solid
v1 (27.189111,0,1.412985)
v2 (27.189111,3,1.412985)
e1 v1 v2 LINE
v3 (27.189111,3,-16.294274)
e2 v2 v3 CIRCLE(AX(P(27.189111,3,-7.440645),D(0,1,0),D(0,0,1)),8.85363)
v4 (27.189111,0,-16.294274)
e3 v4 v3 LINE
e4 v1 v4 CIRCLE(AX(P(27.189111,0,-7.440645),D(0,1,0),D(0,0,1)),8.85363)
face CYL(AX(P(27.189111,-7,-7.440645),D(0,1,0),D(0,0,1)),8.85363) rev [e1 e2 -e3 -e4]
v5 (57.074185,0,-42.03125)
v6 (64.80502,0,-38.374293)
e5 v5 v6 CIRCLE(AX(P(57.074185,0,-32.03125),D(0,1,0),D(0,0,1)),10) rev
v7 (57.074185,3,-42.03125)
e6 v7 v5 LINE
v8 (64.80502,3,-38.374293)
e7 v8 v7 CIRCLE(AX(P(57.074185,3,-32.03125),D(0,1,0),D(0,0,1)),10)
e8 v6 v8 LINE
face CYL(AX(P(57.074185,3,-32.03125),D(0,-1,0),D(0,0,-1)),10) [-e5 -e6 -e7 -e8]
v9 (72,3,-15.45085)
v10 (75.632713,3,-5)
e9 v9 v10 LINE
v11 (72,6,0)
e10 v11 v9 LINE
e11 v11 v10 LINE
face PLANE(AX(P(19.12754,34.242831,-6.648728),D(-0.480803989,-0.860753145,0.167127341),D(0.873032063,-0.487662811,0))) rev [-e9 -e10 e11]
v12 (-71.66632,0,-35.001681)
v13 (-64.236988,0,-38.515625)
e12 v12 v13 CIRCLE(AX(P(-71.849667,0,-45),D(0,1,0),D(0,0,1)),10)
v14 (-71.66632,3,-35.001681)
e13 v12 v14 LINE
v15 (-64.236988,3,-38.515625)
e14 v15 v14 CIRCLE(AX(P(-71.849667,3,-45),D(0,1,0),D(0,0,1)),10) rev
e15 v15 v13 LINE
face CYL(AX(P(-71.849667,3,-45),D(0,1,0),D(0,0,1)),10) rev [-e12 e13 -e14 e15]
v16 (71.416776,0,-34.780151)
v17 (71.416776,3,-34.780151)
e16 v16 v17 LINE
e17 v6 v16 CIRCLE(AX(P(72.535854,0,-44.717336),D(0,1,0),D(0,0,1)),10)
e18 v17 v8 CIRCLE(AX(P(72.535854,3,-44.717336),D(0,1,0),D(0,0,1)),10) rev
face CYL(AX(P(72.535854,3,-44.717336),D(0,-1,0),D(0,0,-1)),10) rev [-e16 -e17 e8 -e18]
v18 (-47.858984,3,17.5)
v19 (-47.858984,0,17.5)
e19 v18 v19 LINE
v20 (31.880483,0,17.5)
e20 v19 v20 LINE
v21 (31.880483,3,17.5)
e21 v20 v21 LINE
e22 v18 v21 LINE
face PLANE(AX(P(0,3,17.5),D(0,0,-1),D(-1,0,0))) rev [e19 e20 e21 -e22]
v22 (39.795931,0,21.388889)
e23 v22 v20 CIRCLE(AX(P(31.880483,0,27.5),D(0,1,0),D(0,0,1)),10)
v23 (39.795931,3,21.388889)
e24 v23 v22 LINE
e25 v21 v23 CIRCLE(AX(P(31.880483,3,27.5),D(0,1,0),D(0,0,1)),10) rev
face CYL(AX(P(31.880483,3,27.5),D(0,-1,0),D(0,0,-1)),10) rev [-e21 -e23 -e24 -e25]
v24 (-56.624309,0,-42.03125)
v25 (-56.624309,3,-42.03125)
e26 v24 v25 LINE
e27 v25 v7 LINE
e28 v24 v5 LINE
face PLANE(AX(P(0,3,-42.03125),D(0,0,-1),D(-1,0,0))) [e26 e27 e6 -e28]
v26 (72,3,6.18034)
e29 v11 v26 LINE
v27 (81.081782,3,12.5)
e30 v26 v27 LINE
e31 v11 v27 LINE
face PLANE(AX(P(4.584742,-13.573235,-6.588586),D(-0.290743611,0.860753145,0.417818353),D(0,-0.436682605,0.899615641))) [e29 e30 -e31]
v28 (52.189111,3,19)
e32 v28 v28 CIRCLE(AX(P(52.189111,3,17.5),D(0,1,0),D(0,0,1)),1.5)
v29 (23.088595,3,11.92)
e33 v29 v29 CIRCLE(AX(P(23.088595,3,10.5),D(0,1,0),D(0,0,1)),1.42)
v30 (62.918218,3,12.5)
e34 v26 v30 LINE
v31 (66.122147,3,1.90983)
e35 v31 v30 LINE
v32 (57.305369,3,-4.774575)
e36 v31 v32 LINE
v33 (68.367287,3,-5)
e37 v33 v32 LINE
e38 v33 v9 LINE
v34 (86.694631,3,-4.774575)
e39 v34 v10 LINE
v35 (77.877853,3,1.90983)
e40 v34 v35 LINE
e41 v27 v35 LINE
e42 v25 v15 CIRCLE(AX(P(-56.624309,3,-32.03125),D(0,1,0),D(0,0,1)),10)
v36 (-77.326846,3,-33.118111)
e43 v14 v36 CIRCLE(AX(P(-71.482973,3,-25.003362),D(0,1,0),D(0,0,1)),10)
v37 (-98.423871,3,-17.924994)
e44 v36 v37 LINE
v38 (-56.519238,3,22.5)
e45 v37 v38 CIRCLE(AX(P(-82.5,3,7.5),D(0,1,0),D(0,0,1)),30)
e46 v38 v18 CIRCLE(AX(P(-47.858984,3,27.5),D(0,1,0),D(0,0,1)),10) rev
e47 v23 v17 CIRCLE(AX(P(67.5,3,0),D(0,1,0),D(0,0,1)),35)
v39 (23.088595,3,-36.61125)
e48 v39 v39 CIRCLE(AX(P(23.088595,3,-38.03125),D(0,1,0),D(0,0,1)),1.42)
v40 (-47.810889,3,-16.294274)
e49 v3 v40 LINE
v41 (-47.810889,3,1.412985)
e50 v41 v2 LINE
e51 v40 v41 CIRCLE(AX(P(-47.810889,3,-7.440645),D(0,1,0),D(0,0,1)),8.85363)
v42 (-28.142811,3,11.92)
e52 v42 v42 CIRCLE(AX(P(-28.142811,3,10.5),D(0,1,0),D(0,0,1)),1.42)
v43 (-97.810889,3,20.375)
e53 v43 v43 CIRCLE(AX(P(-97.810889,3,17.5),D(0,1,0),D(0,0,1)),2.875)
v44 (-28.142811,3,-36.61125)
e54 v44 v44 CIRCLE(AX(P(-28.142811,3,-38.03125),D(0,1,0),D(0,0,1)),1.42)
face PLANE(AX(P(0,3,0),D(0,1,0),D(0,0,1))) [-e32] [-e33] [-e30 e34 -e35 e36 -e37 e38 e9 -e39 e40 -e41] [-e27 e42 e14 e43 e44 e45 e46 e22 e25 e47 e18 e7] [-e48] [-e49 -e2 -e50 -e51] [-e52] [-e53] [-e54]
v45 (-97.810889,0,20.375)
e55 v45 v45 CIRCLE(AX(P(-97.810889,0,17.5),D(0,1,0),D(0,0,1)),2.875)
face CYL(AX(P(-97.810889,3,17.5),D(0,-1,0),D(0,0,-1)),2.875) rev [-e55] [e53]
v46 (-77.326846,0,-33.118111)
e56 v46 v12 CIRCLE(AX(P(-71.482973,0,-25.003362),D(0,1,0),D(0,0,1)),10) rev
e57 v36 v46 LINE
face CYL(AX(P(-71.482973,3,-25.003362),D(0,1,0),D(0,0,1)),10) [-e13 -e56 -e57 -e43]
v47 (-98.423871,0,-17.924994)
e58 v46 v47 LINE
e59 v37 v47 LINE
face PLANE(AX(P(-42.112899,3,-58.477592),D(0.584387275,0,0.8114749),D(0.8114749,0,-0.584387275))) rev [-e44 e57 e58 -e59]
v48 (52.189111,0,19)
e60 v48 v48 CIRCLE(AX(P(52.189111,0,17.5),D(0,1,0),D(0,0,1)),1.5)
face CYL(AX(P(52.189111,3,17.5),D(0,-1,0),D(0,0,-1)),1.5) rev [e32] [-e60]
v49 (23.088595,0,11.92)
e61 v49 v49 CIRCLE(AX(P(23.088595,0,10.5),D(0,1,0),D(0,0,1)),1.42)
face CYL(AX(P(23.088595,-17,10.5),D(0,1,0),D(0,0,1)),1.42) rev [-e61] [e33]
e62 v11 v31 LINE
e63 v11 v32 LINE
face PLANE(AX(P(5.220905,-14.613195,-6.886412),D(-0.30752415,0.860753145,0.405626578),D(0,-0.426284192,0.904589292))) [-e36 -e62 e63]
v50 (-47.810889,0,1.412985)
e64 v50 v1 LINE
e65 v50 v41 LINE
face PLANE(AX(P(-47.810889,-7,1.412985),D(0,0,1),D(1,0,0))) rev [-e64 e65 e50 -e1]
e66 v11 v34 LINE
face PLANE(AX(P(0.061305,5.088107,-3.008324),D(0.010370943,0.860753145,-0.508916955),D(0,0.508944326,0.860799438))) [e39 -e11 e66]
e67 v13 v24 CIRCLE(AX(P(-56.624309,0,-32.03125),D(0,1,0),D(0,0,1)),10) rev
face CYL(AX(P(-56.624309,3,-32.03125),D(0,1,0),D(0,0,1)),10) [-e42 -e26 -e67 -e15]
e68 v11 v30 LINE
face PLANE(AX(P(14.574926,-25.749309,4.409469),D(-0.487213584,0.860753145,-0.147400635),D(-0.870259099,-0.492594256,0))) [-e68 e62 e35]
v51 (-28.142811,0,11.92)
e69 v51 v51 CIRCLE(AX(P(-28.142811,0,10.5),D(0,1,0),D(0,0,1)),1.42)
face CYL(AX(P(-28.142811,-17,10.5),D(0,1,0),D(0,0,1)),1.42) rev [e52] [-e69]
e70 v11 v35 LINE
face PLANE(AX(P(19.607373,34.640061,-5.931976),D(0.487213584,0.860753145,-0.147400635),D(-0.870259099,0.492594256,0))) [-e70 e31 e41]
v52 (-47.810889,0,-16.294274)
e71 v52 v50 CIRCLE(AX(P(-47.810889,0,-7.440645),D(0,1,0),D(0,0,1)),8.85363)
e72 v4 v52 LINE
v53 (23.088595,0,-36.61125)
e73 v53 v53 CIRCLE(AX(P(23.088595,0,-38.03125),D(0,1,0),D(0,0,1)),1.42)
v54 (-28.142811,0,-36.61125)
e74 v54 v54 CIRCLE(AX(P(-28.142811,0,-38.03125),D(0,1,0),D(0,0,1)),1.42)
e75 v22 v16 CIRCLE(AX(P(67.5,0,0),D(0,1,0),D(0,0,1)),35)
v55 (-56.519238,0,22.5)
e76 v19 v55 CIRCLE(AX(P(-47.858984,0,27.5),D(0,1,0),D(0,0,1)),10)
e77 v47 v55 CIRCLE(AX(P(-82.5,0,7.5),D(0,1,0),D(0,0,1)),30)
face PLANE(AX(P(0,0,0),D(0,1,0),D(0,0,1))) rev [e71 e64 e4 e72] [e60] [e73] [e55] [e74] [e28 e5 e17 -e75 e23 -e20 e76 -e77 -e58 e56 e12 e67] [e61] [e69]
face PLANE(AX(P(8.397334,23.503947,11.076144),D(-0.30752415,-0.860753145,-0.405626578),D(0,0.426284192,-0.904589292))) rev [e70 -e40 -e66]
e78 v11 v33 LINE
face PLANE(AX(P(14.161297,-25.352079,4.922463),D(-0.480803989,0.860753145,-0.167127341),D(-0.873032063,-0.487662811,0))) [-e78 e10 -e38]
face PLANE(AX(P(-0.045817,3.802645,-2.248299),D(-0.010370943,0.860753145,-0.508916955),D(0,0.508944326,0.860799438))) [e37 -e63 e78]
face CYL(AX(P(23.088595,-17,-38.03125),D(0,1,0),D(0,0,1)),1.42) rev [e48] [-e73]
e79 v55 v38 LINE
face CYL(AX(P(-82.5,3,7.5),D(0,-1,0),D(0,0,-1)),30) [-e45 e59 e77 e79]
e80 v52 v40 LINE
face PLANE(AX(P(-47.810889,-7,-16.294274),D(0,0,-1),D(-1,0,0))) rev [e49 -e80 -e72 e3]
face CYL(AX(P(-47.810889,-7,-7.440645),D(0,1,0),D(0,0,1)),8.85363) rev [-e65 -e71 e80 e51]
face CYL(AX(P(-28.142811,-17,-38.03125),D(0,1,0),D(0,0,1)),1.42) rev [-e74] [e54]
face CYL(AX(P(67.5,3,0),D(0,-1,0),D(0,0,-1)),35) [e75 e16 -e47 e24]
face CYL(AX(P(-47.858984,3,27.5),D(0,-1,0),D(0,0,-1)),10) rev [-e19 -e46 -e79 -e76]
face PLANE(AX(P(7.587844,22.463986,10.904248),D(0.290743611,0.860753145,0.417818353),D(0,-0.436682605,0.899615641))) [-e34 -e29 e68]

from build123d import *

# Parameters (mm, degrees)
SKETCH1_R           = 2.875
SKETCH1_R_2         = 1.5
BOSS_EXTRUDE1_DEPTH = 3
CUT_EXTRUDE1_DEPTH  = 10
SKETCH3_R           = 1.42
CUT_EXTRUDE2_DEPTH  = 20
FILLET3_R           = 10
FILLET5_R           = 10
FILLET6_R           = 10


with BuildPart() as part:
    # Sketch1 → Boss-Extrude1 (new body)
    with BuildSketch(Plane(origin=(0, 0, 0), x_dir=(1, 0, 0), z_dir=(0, 1, 0))):
        with BuildLine():
            Line((-61.421696796, 42.03125), (-67.039661146, 35))
            Line((-67.039661146, 35), (-74.713671979, 35))
            Line((-74.713671979, 35), (-98.423870832, 17.924994351))
            ThreePointArc((-98.423870832, 17.924994351), (-101.259728964, -30.910949772), (-54.215728753, -17.5))
            Line((-54.215728753, -17.5), (37.189110868, -17.5))
            ThreePointArc((37.189110868, -17.5), (97.810889132, -17.5), (67.5, 35))
            Line((67.5, 35), (61.88203565, 42.03125))
            Line((61.88203565, 42.03125), (-61.421696796, 42.03125))
        make_face()
        with Locations(Location((-97.810889132, -17.5, 0), (0, 0, 270))):
            Circle(SKETCH1_R, mode=Mode.SUBTRACT)
        with Locations(Location((52.189110868, -17.5, 0), (0, 0, 270))):
            Circle(SKETCH1_R_2, mode=Mode.SUBTRACT)
    extrude(amount=BOSS_EXTRUDE1_DEPTH)

    # Sketch2 → Cut-Extrude1 (cut)
    with BuildSketch(Plane(origin=(0, 3, 0), x_dir=(1, 0, 0), z_dir=(0, 1, 0))):
        with BuildLine():
            Line((-47.810889132, 16.294274109), (27.189110868, 16.294274109))
            ThreePointArc((27.189110868, 16.294274109), (36.042740422, 7.440644555), (27.189110868, -1.412984999))
            Line((27.189110868, -1.412984999), (-47.810889132, -1.412984999))
            ThreePointArc((-47.810889132, -1.412984999), (-56.664518687, 7.440644555), (-47.810889132, 16.294274109))
        make_face()
    extrude(amount=-CUT_EXTRUDE1_DEPTH, mode=Mode.SUBTRACT)

    # Sketch3 → Cut-Extrude2 (cut)
    with BuildSketch(Plane(origin=(0, 3, 0), x_dir=(1, 0, 0), z_dir=(0, 1, 0))):
        with Locations(Location((-28.142811364, -10.5, 0), (0, 0, 270))):
            Circle(SKETCH3_R)
        with Locations(Location((23.088594579, -10.5, 0), (0, 0, 270))):
            Circle(SKETCH3_R)
        with Locations(Location((-28.142811364, 38.03125, 0), (0, 0, 270))):
            Circle(SKETCH3_R)
        with Locations(Location((23.088594579, 38.03125, 0), (0, 0, 270))):
            Circle(SKETCH3_R)
    extrude(amount=-CUT_EXTRUDE2_DEPTH, mode=Mode.SUBTRACT)

    # Sketch6 → Loft1 section 0
    with BuildSketch(Plane(origin=(0, 3, 0), x_dir=(1, 0, 0), z_dir=(0, 1, 0)), mode=Mode.PRIVATE) as loft1_s0:
        with BuildLine():
            Line((72, 15.450849719), (75.63271264, 5))
            Line((75.63271264, 5), (86.694631307, 4.774575141))
            Line((86.694631307, 4.774575141), (77.877852523, -1.909830056))
            Line((77.877852523, -1.909830056), (81.0817816, -12.5))
            Line((81.0817816, -12.5), (72, -6.180339887))
            Line((72, -6.180339887), (62.9182184, -12.5))
            Line((62.9182184, -12.5), (66.122147477, -1.909830056))
            Line((66.122147477, -1.909830056), (57.305368693, 4.774575141))
            Line((57.305368693, 4.774575141), (68.36728736, 5))
            Line((68.36728736, 5), (72, 15.450849719))
        make_face()
    loft([Vertex(72, 6, 0), loft1_s0.sketch])

    # Fillet3
    fillet3_edges = [part.edges().sort_by_distance(p)[0] for p in [
        (37.189110868, 1.5, 17.5),
        (-54.215728753, 1.5, 17.5),
    ]]
    fillet(fillet3_edges, radius=FILLET3_R)

    # Fillet5
    fillet5_edges = [part.edges().sort_by_distance(p)[0] for p in [
        (-67.039661146, 1.5, -35),
        (67.5, 1.5, -35),
    ]]
    fillet(fillet5_edges, radius=FILLET5_R)

    # Fillet6
    fillet6_edges = [part.edges().sort_by_distance(p)[0] for p in [
        (61.88203565, 1.5, -42.03125),
        (-61.421696796, 1.5, -42.03125),
        (-74.713671979, 1.5, -35),
    ]]
    fillet(fillet6_edges, radius=FILLET6_R)


solid = part.part
